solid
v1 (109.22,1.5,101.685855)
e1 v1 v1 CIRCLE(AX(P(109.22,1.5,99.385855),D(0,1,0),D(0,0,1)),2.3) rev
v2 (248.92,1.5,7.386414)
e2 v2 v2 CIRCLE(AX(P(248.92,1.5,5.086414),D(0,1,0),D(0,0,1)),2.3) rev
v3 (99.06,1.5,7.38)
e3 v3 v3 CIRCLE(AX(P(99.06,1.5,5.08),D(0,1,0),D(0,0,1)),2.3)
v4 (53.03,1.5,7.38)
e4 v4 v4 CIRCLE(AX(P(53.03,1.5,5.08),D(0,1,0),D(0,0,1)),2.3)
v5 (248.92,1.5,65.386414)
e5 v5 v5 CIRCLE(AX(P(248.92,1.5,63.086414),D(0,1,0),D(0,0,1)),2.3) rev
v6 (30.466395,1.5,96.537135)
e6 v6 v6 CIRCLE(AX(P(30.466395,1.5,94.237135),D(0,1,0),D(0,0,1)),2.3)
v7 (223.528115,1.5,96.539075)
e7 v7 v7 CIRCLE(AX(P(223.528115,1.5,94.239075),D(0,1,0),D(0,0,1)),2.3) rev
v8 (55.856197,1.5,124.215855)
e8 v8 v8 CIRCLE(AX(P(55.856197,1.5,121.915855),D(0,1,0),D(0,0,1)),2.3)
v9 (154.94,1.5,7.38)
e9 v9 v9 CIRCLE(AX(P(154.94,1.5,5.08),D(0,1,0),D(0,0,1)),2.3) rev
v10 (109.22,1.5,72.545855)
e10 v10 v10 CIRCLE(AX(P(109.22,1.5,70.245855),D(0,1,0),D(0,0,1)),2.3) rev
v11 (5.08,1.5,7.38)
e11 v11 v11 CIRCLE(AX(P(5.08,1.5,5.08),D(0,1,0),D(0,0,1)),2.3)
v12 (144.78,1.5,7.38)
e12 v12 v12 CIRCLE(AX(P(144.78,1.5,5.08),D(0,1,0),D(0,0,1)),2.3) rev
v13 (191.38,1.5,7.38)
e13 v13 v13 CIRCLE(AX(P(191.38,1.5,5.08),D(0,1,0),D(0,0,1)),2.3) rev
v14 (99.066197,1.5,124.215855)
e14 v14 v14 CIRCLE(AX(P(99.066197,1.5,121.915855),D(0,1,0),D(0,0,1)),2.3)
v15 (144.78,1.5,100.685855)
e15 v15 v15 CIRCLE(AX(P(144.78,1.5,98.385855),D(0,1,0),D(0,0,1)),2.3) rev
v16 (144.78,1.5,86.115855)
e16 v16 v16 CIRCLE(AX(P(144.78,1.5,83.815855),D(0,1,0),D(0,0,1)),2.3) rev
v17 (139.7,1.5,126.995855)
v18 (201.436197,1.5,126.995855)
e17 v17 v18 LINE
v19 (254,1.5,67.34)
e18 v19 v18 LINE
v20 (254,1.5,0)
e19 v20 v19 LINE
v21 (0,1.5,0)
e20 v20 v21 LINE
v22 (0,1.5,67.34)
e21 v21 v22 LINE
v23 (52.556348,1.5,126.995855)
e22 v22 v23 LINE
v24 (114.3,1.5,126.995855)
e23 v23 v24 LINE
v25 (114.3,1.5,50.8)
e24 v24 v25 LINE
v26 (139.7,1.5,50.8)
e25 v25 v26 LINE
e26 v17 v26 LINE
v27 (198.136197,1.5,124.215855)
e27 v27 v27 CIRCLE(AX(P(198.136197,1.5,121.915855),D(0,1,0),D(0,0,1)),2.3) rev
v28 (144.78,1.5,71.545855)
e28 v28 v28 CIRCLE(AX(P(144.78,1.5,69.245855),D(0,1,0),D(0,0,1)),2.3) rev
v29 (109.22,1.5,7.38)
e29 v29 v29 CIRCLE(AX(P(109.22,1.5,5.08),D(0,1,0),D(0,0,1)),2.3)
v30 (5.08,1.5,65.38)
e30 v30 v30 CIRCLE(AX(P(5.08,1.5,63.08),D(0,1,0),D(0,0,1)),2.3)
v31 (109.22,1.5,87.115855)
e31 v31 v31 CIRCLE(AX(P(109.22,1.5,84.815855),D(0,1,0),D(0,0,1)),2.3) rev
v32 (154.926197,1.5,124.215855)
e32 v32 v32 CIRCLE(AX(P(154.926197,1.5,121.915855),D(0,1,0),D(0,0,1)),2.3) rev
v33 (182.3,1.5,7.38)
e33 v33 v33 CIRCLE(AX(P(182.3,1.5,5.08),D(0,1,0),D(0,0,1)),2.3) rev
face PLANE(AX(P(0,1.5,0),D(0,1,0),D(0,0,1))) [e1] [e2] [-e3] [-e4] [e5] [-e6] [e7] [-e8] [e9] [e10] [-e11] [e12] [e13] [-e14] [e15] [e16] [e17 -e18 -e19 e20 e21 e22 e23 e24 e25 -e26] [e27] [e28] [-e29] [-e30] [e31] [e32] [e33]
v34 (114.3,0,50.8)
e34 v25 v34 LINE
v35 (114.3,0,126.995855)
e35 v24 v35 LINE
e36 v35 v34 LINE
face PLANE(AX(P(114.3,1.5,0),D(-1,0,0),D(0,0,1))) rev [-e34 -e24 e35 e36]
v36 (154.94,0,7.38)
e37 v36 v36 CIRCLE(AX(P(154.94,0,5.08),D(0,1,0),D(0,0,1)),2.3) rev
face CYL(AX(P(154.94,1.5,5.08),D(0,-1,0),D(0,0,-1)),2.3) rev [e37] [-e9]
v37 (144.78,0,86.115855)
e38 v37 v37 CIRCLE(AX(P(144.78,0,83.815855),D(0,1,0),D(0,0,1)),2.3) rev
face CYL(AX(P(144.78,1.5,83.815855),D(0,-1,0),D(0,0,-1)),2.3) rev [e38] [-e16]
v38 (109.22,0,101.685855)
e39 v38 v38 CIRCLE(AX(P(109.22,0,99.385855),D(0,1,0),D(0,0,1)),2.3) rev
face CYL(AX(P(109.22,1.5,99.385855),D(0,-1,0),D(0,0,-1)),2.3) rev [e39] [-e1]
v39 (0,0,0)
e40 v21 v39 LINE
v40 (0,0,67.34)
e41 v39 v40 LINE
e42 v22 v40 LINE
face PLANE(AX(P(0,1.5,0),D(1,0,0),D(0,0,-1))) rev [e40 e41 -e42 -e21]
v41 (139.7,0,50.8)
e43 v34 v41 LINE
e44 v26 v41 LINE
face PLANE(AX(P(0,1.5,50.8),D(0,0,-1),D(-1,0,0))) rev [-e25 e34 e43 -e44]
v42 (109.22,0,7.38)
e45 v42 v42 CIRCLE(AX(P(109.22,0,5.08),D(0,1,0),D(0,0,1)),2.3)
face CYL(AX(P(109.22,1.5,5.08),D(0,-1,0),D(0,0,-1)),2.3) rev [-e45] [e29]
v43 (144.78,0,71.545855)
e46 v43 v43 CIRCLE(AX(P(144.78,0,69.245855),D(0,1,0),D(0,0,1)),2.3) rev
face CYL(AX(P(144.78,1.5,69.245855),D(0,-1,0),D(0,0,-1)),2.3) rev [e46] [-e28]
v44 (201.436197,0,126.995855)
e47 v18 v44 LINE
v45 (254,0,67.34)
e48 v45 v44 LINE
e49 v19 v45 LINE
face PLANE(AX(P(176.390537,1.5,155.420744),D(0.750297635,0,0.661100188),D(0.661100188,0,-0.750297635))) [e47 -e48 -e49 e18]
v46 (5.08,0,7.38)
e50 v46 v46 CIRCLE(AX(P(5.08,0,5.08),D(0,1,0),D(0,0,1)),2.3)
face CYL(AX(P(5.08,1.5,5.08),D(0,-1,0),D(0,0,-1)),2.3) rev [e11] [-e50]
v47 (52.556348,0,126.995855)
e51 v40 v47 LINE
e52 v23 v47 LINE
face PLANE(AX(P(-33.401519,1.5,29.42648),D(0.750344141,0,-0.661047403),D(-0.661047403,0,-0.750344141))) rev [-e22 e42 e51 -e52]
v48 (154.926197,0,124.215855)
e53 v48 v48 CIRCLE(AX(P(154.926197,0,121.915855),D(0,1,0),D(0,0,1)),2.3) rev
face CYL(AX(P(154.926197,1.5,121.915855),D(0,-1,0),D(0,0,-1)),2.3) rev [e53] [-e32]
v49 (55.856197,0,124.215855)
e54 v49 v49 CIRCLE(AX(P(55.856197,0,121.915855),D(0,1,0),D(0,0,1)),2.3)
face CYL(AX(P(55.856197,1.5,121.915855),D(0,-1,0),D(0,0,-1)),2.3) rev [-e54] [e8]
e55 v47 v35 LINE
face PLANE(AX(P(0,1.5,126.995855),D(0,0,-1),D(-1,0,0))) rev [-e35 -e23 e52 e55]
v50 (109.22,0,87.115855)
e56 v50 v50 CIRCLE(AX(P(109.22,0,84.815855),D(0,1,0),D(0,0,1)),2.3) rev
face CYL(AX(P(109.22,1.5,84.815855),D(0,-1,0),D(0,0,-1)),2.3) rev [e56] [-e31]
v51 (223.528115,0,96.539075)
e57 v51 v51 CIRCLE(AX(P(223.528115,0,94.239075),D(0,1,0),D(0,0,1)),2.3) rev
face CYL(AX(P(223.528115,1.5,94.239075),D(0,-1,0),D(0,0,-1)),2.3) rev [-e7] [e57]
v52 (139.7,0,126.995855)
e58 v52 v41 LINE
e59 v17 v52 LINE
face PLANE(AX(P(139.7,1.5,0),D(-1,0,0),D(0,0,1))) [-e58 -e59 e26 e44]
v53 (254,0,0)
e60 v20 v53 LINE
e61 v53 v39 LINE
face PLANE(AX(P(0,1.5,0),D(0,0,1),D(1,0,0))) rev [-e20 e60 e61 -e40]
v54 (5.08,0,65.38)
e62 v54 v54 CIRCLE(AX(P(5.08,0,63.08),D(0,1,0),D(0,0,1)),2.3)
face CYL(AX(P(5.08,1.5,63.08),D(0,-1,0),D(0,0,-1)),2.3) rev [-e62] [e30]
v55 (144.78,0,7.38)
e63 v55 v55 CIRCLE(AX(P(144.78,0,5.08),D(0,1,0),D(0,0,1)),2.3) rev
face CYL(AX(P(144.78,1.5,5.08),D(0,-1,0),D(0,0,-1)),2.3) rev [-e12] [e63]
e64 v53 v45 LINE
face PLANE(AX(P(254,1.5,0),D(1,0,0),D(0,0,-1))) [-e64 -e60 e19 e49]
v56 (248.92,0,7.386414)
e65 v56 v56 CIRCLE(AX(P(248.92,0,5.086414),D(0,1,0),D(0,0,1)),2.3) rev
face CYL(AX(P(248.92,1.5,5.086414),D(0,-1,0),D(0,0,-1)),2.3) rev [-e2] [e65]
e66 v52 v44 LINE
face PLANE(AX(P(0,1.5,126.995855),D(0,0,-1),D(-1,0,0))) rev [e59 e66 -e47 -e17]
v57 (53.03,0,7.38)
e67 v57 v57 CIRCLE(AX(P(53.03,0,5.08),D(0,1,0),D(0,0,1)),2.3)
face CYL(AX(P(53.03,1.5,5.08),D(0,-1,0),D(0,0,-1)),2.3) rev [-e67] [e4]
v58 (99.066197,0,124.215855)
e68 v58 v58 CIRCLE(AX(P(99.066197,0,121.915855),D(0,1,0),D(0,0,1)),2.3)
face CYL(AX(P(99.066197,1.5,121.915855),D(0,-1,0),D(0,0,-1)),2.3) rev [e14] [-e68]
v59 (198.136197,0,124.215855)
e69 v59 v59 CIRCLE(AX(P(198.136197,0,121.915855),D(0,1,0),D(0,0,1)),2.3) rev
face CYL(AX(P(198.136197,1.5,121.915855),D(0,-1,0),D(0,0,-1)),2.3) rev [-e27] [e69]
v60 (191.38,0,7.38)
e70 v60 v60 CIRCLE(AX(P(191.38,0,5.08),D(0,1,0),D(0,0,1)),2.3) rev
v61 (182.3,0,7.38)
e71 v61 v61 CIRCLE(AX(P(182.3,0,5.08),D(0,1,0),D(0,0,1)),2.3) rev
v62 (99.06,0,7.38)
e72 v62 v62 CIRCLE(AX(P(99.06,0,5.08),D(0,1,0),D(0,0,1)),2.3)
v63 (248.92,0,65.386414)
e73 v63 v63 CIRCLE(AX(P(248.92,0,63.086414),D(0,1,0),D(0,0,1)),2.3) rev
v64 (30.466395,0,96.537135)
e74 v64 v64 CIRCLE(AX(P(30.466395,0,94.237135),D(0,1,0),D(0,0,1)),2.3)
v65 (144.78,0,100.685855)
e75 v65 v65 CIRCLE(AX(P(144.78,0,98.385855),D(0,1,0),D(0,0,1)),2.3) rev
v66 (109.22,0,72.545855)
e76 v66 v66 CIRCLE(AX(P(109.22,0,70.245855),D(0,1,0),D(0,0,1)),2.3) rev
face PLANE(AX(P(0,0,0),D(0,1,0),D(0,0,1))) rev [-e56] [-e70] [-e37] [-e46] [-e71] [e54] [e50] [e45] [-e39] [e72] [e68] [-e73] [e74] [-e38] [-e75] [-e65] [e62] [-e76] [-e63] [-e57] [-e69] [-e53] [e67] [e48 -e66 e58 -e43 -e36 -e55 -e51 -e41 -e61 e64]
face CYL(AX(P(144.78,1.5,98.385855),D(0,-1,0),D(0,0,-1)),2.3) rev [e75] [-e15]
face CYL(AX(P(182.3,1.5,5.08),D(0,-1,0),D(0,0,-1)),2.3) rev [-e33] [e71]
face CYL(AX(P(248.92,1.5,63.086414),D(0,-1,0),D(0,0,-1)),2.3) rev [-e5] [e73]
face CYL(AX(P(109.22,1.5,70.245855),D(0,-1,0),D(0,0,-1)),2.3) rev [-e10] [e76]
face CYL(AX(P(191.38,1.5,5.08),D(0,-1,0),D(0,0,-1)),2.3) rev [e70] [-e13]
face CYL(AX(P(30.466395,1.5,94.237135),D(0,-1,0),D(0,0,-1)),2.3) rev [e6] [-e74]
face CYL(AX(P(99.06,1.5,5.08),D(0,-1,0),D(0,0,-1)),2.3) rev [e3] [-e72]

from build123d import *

# Parameters (mm, degrees)
SKETCH1_R           = 2.3
BOSS_EXTRUDE1_DEPTH = 1.5


with BuildPart() as part:
    # Sketch1 → Boss-Extrude1 (new body)
    with BuildSketch(Plane(origin=(0, 0, 0), x_dir=(1, 0, 0), z_dir=(0, 1, 0))):
        Polygon((52.556347973, -126.995854643), (114.3, -126.995854643), (114.3, -50.8), (139.7, -50.8), (139.7, -126.995854643), (201.436197447, -126.995854643), (254, -67.34), (254, 0), (0, 0), (0, -67.34), align=None)
        with Locations(Location((5.08, -5.08, 0), (0, 0, 270))):
            Circle(SKETCH1_R, mode=Mode.SUBTRACT)
        with Locations(Location((53.03, -5.08, 0), (0, 0, 270))):
            Circle(SKETCH1_R, mode=Mode.SUBTRACT)
        with Locations(Location((99.06, -5.08, 0), (0, 0, 270))):
            Circle(SKETCH1_R, mode=Mode.SUBTRACT)
        with Locations(Location((5.08, -63.08, 0), (0, 0, 270))):
            Circle(SKETCH1_R, mode=Mode.SUBTRACT)
        with Locations(Location((99.066197447, -121.915854643, 0), (0, 0, 270))):
            Circle(SKETCH1_R, mode=Mode.SUBTRACT)
        with Locations(Location((55.856197447, -121.915854643, 0), (0, 0, 270))):
            Circle(SKETCH1_R, mode=Mode.SUBTRACT)
        with Locations(Location((182.3, -5.08, 0), (0, 0, 270))):
            Circle(SKETCH1_R, mode=Mode.SUBTRACT)
        with Locations(Location((248.919999642, -5.086414302, 0), (0, 0, 270))):
            Circle(SKETCH1_R, mode=Mode.SUBTRACT)
        with Locations(Location((248.92, -63.086414302, 0), (0, 0, 270))):
            Circle(SKETCH1_R, mode=Mode.SUBTRACT)
        with Locations(Location((198.136197447, -121.915854643, 0), (0, 0, 270))):
            Circle(SKETCH1_R, mode=Mode.SUBTRACT)
        with Locations(Location((154.926197447, -121.915854643, 0), (0, 0, 270))):
            Circle(SKETCH1_R, mode=Mode.SUBTRACT)
        with Locations(Location((144.78, -5.08, 0), (0, 0, 270))):
            Circle(SKETCH1_R, mode=Mode.SUBTRACT)
        with Locations(Location((109.22, -5.08, 0), (0, 0, 270))):
            Circle(SKETCH1_R, mode=Mode.SUBTRACT)
        with Locations(Location((154.94, -5.08, 0), (0, 0, 270))):
            Circle(SKETCH1_R, mode=Mode.SUBTRACT)
        with Locations(Location((191.38, -5.08, 0), (0, 0, 270))):
            Circle(SKETCH1_R, mode=Mode.SUBTRACT)
        with Locations(Location((223.528114705, -94.239074881, 0), (0, 0, 270))):
            Circle(SKETCH1_R, mode=Mode.SUBTRACT)
        with Locations(Location((144.78, -98.385854643, 0), (0, 0, 270))):
            Circle(SKETCH1_R, mode=Mode.SUBTRACT)
        with Locations(Location((144.78, -83.815854643, 0), (0, 0, 270))):
            Circle(SKETCH1_R, mode=Mode.SUBTRACT)
        with Locations(Location((144.78, -69.245854643, 0), (0, 0, 270))):
            Circle(SKETCH1_R, mode=Mode.SUBTRACT)
        with Locations(Location((109.22, -70.245854643, 0), (0, 0, 270))):
            Circle(SKETCH1_R, mode=Mode.SUBTRACT)
        with Locations(Location((109.22, -84.815854643, 0), (0, 0, 270))):
            Circle(SKETCH1_R, mode=Mode.SUBTRACT)
        with Locations(Location((109.22, -99.385854643, 0), (0, 0, 270))):
            Circle(SKETCH1_R, mode=Mode.SUBTRACT)
        with Locations(Location((30.466395088, -94.237134728, 0), (0, 0, 270))):
            Circle(SKETCH1_R, mode=Mode.SUBTRACT)
    extrude(amount=BOSS_EXTRUDE1_DEPTH)


solid = part.part
